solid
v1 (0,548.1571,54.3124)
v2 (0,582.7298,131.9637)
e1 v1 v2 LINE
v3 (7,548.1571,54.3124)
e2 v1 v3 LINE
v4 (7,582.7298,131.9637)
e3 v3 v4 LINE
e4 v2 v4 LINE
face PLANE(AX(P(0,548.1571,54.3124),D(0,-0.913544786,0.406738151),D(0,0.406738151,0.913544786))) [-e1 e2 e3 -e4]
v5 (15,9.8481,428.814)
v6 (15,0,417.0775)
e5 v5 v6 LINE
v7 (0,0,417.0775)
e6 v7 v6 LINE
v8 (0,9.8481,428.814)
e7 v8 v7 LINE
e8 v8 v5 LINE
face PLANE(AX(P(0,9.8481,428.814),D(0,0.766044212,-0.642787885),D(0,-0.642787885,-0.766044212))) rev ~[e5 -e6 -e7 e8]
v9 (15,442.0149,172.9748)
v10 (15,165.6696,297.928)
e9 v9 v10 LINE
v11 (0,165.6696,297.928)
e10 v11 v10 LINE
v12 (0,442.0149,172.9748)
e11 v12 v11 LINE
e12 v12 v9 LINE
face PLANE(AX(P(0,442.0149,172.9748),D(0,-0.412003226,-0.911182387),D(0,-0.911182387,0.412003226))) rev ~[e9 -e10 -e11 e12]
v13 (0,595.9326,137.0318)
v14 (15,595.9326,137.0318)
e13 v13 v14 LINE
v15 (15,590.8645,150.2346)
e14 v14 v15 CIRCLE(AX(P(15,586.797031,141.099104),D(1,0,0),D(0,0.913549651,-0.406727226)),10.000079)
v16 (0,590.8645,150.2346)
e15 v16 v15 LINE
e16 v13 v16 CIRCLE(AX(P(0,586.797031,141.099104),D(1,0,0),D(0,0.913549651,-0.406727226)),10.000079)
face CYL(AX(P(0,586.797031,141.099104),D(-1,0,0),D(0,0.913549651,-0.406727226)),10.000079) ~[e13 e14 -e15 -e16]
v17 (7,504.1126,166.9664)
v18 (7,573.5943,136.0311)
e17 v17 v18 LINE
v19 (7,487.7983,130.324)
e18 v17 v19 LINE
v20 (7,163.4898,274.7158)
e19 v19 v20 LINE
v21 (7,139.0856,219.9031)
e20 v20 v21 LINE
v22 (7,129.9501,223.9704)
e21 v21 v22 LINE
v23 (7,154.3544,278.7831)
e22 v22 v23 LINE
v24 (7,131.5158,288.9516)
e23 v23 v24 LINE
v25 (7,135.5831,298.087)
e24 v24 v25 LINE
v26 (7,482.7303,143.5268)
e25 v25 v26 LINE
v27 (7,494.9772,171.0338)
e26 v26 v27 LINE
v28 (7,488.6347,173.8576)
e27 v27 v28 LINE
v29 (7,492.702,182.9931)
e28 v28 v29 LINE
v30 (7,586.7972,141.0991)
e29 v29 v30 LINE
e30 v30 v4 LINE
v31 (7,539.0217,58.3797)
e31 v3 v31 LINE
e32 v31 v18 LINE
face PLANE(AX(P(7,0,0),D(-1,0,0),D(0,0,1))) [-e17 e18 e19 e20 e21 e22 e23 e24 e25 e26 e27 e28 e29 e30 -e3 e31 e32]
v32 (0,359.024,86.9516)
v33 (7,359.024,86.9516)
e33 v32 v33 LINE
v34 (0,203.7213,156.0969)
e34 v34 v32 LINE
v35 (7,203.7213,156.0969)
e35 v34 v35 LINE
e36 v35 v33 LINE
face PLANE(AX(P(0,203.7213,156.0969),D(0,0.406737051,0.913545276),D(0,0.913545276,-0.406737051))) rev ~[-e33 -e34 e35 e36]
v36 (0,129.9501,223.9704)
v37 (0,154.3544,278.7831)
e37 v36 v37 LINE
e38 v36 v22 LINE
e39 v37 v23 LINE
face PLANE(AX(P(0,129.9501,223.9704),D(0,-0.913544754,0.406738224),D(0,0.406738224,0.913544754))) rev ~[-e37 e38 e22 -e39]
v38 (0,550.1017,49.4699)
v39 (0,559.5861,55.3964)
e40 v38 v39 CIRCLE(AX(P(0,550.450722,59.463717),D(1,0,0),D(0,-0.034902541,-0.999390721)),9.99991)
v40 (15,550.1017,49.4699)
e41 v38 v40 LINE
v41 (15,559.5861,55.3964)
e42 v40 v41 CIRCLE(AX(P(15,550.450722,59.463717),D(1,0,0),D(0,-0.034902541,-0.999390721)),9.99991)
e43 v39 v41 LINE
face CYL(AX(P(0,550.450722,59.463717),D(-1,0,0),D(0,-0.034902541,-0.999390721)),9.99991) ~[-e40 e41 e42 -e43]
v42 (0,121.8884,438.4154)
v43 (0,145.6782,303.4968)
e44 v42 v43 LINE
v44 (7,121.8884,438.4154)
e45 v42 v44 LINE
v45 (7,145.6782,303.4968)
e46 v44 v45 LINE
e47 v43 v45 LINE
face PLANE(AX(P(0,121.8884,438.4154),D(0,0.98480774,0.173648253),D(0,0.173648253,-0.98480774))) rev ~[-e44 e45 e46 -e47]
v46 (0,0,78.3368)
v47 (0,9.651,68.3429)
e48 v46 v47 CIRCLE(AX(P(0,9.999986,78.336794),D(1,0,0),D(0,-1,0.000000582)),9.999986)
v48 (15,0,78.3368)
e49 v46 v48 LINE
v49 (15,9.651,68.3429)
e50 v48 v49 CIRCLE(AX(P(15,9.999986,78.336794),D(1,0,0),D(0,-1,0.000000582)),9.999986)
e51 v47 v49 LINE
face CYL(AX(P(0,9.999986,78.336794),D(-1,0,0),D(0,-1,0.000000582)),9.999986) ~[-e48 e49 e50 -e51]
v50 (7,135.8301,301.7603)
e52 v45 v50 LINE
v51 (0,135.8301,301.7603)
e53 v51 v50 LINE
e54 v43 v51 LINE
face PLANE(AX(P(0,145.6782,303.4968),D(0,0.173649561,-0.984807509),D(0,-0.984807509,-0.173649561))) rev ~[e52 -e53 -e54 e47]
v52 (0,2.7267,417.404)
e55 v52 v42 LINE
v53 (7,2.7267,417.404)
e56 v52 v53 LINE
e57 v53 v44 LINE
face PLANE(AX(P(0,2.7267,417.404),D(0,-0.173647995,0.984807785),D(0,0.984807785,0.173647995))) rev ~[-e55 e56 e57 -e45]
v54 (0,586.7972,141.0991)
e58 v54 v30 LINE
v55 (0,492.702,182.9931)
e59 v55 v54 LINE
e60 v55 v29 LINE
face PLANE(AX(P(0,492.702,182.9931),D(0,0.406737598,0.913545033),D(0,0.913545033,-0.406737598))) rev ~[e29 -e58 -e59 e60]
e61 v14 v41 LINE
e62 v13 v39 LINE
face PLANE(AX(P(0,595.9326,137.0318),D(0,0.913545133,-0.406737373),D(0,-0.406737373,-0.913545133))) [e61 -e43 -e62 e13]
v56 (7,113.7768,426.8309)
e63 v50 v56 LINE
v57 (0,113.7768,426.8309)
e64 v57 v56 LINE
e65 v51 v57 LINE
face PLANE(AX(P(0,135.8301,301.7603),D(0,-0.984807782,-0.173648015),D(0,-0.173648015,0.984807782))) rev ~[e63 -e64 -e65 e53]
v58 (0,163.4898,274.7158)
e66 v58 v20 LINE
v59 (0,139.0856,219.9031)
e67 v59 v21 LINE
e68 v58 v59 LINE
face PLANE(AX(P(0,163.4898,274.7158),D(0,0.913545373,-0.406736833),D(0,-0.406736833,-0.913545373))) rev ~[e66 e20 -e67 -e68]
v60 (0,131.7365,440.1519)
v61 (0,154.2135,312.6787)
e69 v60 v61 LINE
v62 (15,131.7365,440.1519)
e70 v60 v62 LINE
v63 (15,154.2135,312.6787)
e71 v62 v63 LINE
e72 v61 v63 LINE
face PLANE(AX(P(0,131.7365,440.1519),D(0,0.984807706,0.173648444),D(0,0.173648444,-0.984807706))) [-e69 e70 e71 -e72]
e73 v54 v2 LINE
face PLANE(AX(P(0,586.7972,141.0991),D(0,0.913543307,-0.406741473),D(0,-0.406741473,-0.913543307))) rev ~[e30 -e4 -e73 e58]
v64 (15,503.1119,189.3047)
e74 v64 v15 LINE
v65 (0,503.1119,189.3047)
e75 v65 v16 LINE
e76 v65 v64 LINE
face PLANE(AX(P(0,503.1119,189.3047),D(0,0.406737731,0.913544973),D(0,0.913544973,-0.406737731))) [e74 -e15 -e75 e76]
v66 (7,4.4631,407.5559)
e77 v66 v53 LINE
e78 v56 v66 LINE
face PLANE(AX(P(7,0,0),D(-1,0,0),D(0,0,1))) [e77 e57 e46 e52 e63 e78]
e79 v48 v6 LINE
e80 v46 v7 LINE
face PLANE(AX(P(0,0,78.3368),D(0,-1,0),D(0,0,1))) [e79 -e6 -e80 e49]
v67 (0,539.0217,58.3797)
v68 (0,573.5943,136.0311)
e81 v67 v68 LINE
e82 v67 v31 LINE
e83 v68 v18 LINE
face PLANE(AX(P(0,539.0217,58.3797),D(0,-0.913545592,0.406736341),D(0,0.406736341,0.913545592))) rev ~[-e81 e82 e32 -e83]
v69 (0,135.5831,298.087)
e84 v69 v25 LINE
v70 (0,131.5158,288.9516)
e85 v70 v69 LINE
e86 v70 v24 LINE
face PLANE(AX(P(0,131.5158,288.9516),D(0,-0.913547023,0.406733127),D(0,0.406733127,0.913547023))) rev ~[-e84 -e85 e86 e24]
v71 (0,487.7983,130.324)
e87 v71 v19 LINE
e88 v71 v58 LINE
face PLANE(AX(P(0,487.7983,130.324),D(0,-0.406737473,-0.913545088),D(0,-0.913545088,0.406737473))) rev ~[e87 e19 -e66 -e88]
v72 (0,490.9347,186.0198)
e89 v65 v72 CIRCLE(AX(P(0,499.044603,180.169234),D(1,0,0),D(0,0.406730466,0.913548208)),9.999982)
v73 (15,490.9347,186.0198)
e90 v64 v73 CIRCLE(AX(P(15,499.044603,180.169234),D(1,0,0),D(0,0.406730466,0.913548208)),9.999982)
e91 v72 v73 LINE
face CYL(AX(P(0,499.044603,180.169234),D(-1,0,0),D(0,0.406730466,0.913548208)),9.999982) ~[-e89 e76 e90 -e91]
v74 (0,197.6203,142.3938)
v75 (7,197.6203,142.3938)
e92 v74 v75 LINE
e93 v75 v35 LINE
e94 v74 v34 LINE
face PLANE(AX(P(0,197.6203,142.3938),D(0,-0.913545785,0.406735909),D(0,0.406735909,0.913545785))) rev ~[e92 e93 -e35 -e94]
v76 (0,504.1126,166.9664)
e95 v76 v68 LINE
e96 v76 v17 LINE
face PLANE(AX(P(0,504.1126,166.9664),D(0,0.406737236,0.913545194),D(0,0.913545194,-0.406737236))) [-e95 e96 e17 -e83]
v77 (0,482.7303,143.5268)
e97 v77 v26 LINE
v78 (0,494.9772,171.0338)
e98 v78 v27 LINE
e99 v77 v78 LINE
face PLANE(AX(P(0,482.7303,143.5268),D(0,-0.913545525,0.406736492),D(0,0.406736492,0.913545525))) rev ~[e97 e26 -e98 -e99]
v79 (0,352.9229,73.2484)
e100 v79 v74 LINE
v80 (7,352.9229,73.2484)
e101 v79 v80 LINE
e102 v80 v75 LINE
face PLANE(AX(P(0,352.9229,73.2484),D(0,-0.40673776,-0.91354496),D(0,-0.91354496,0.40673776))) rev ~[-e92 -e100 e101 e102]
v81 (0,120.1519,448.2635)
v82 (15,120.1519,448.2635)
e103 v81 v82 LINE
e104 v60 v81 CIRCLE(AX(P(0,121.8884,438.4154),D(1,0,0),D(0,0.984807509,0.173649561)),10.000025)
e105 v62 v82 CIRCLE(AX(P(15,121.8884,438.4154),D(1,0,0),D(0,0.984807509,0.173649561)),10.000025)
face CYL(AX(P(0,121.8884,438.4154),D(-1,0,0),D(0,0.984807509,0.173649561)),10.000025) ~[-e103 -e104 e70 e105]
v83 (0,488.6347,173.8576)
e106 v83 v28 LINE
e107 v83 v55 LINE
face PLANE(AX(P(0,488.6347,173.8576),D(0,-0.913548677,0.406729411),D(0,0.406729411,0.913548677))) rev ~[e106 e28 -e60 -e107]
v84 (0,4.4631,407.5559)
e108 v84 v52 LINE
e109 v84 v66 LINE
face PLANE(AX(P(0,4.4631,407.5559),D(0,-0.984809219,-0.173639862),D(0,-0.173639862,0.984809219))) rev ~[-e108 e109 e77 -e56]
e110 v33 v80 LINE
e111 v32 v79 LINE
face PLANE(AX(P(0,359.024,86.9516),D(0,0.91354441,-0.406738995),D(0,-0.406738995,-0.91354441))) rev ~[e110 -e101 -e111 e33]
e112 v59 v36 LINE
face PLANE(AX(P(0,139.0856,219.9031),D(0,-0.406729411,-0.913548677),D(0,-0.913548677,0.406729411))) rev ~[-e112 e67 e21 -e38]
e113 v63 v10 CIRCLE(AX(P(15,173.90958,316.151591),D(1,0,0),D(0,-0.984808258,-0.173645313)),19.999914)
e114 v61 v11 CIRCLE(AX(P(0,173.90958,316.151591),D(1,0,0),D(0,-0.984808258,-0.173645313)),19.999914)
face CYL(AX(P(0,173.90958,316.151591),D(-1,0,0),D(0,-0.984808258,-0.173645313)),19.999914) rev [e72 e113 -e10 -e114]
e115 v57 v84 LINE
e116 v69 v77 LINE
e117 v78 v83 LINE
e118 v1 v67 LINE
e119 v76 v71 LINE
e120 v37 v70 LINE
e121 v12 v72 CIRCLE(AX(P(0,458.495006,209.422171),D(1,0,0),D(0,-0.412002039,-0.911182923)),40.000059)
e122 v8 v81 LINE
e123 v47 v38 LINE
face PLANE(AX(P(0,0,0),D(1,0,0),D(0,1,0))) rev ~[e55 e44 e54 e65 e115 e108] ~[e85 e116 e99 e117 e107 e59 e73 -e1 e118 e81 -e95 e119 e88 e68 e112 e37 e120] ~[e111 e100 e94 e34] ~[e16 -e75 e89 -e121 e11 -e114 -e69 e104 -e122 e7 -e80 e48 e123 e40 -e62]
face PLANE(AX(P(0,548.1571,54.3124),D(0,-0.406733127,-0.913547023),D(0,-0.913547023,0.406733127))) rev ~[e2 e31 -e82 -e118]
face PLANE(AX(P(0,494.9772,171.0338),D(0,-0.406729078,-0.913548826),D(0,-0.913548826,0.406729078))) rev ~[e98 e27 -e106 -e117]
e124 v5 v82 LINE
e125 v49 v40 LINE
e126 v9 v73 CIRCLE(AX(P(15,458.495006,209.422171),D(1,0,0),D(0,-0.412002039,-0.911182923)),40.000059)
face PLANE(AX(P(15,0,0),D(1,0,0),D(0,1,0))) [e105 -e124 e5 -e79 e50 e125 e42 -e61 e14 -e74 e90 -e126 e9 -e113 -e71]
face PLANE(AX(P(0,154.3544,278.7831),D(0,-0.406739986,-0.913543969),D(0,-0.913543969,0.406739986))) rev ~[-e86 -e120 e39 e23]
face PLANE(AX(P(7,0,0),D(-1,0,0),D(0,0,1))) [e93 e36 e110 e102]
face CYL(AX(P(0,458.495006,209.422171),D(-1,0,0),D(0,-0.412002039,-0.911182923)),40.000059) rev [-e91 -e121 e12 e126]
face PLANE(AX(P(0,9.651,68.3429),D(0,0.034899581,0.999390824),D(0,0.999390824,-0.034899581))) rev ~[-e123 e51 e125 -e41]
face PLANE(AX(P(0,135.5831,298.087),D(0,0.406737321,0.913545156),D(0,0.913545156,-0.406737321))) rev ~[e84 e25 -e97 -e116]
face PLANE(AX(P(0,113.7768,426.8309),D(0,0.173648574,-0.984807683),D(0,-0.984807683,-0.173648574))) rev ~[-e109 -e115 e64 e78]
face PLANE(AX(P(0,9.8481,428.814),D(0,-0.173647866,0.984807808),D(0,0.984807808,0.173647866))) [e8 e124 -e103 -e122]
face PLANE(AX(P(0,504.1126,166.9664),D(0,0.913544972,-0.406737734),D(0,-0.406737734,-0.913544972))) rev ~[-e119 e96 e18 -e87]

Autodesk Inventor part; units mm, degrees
ref_plane "YZ Plane" through (0, 0, 0) normal (1, 0, 0) x (0, 1, 0)
ref_plane "XZ Plane" through (0, 0, 0) normal (0, 1, 0) x (-1, 0, 0)
ref_plane "XY Plane" through (0, 0, 0) normal (0, 0, 1) x (1, 0, 0)
sketch "Sketch1" plane through (0, 0, 0) normal (1, 0, 0) x (0, 1, 0)
  line L0 (9.8481, 428.814) -> (120.1519, 448.2635)
  line L1 (131.7365, 440.1519) -> (154.2135, 312.6787)
  line L2 (0, 78.3368) -> (0, 427.0775)
  line L3 (0, 417.0775) -> (0, 78.3368)
  line L4 (503.1119, 189.3047) -> (590.8645, 150.2346)
  line L5 (595.9326, 137.0318) -> (559.5861, 55.3964)
  line L6 (494.9423, 192.942) -> (494.9423, 192.942)
  line L7 (442.0149, 172.9748) -> (165.6696, 297.928)
  arc A0 (442.0149, 172.9748) -> (490.9347, 186.0198) centre (458.495, 209.4221) ccw
  arc A1 (154.2135, 312.6787) -> (165.6696, 297.928) centre (173.9096, 316.1516) ccw
  arc A2 (131.7365, 440.1519) -> (120.1519, 448.2635) centre (121.8884, 438.4154) ccw
  line L8 (9.8481, 428.814) -> (0, 417.0775)
  arc A3 (595.9326, 137.0318) -> (590.8645, 150.2346) centre (586.7972, 141.0991) ccw
  arc A4 (503.1119, 189.3047) -> (490.9347, 186.0198) centre (499.0446, 180.1692) ccw
  line L9 (9.651, 68.3429) -> (550.1017, 49.4699)
  arc A5 (550.1017, 49.4699) -> (559.5861, 55.3964) centre (550.4507, 59.4638) ccw
  arc A6 (0, 78.3368) -> (9.651, 68.3429) centre (10, 78.3368) ccw
  point P0 (0, 0)
  point P1 (0, 0)
  point P2 (130, 450)
  point P3 (156.0472, 302.2788)
  point P4 (0, 0)
  point P5 (534.922, 0)
  point P6 (600, 146.1672)
  point P7 (478.4622, 156.4947)
  point P8 (0, 427.0775)
  point P9 (537.6655, 6.1619)
  point P10 (0, 417.0775)
  dimension "d0" = 130
  dimension "d1" = 404.922
  dimension "d3" = 150
  dimension "d5" = 115
  dimension "d7" = 10
  dimension "d9" = 40
  dimension "d10" = 40
  dimension "d11" = 20
  dimension "d12" = 10
  dimension "d13" = 10
  dimension "d14" = 10
  dimension "d21" = 10
extrude "Extrusion1" add sketch "Sketch1" along normal blind 15
sketch "Sketch2" plane through (0, 0, 0) normal (-1, 0, 0) x (0, 0, 1)
  point P0 (0, 0)
sketch "Sketch3" plane through (0, 0, 0) normal (-1, 0, 0) x (0, 0, 1)
  line L0 (171.0338, 494.9772) -> (173.8576, 488.6347) projected
  line L1 (166.9664, 504.1126) -> (130.324, 487.7983) projected
  line L2 (130.324, 487.7983) -> (274.7158, 163.4898) projected
  line L3 (274.7158, 163.4898) -> (219.9031, 139.0856) projected
  line L4 (219.9031, 139.0856) -> (223.9704, 129.9501) projected
  line L5 (223.9704, 129.9501) -> (278.7831, 154.3544) projected
  line L6 (278.7831, 154.3544) -> (288.9516, 131.5158) projected
  line L7 (288.9516, 131.5158) -> (298.087, 135.5831) projected
  line L8 (298.087, 135.5831) -> (143.5268, 482.7303) projected
  line L9 (143.5268, 482.7303) -> (171.0338, 494.9772) projected
  line L10 (173.8576, 488.6347) -> (182.9931, 492.702) projected
  line L11 (182.9931, 492.702) -> (141.0991, 586.7972) projected
  line L12 (141.0991, 586.7972) -> (131.9637, 582.7298) projected
  line L13 (301.7603, 135.8301) -> (426.8309, 113.7768) projected
  line L14 (426.8309, 113.7768) -> (407.5559, 4.4631) projected
  line L15 (407.5559, 4.4631) -> (417.404, 2.7267) projected
  line L16 (417.404, 2.7267) -> (438.4154, 121.8884) projected
  line L17 (438.4154, 121.8884) -> (303.4968, 145.6782) projected
  line L18 (303.4968, 145.6782) -> (301.7603, 135.8301) projected
  line L19 (428.814, 9.8481) -> (417.0775, 0) projected
  line L20 (417.0775, 0) -> (78.3368, 0) projected
  line L21 (55.3964, 559.5861) -> (137.0318, 595.9326) projected
  arc A0 (150.2346, 590.8645) -> (137.0318, 595.9326) centre (141.0991, 586.7972) ccw projected
  line L22 (150.2346, 590.8645) -> (189.3047, 503.1119) projected
  arc A1 (186.0198, 490.9347) -> (189.3047, 503.1119) centre (180.1692, 499.0446) ccw projected
  arc A2 (186.0198, 490.9347) -> (172.9748, 442.0149) centre (209.4221, 458.495) ccw projected
  line L23 (172.9748, 442.0149) -> (297.928, 165.6696) projected
  arc A3 (297.928, 165.6696) -> (312.6787, 154.2135) centre (316.1516, 173.9096) ccw projected
  line L24 (312.6787, 154.2135) -> (440.1519, 131.7365) projected
  arc A4 (448.2635, 120.1519) -> (440.1519, 131.7365) centre (438.4154, 121.8884) ccw projected
  line L25 (448.2635, 120.1519) -> (428.814, 9.8481) projected
  line L26 (171.0338, 494.9772) -> (173.8576, 488.6347) projected
  line L27 (166.9664, 504.1126) -> (130.324, 487.7983) projected
  line L28 (130.324, 487.7983) -> (274.7158, 163.4898) projected
  line L29 (274.7158, 163.4898) -> (219.9031, 139.0856) projected
  line L30 (219.9031, 139.0856) -> (223.9704, 129.9501) projected
  line L31 (223.9704, 129.9501) -> (278.7831, 154.3544) projected
  line L32 (278.7831, 154.3544) -> (288.9516, 131.5158) projected
  line L33 (288.9516, 131.5158) -> (298.087, 135.5831) projected
  line L34 (298.087, 135.5831) -> (143.5268, 482.7303) projected
  line L35 (143.5268, 482.7303) -> (171.0338, 494.9772) projected
  line L36 (173.8576, 488.6347) -> (182.9931, 492.702) projected
  line L37 (182.9931, 492.702) -> (141.0991, 586.7972) projected
  line L38 (141.0991, 586.7972) -> (131.9637, 582.7298) projected
  line L39 (301.7603, 135.8301) -> (426.8309, 113.7768) projected
  line L40 (426.8309, 113.7768) -> (407.5559, 4.4631) projected
  line L41 (407.5559, 4.4631) -> (417.404, 2.7267) projected
  line L42 (417.404, 2.7267) -> (438.4154, 121.8884) projected
  line L43 (438.4154, 121.8884) -> (303.4968, 145.6782) projected
  line L44 (303.4968, 145.6782) -> (301.7603, 135.8301) projected
  line L45 (428.814, 9.8481) -> (417.0775, 0) projected
  line L46 (417.0775, 0) -> (78.3368, 0) projected
  line L47 (55.3964, 559.5861) -> (137.0318, 595.9326) projected
  arc A5 (150.2346, 590.8645) -> (137.0318, 595.9326) centre (141.0991, 586.7972) ccw projected
  line L48 (150.2346, 590.8645) -> (189.3047, 503.1119) projected
  arc A6 (186.0198, 490.9347) -> (189.3047, 503.1119) centre (180.1692, 499.0446) ccw projected
  arc A7 (186.0198, 490.9347) -> (172.9748, 442.0149) centre (209.4221, 458.495) ccw projected
  line L49 (172.9748, 442.0149) -> (297.928, 165.6696) projected
  arc A8 (297.928, 165.6696) -> (312.6787, 154.2135) centre (316.1516, 173.9096) ccw projected
  line L50 (312.6787, 154.2135) -> (440.1519, 131.7365) projected
  arc A9 (448.2635, 120.1519) -> (440.1519, 131.7365) centre (438.4154, 121.8884) ccw projected
  line L51 (448.2635, 120.1519) -> (428.814, 9.8481) projected
  line L52 (417.404, 2.7267) -> (438.4154, 121.8884) projected
  line L53 (58.3797, 539.0217) -> (136.0311, 573.5943)
  line L54 (54.3124, 548.1571) -> (141.0991, 586.7972)
  line L55 (136.0311, 573.5943) -> (131.9637, 582.7298)
  line L56 (141.0991, 586.7972) -> (182.9931, 492.702)
  line L57 (182.9931, 492.702) -> (173.8576, 488.6347)
  line L58 (166.9664, 504.1126) -> (136.0311, 573.5943)
  line L59 (166.9664, 504.1126) -> (130.324, 487.7983)
  line L60 (130.324, 487.7983) -> (274.7158, 163.4898)
  line L61 (274.7158, 163.4898) -> (219.9031, 139.0856)
  line L62 (219.9031, 139.0856) -> (223.9704, 129.9501)
  line L63 (223.9704, 129.9501) -> (278.7831, 154.3544)
  line L64 (278.7831, 154.3544) -> (288.9516, 131.5158)
  line L65 (288.9516, 131.5158) -> (298.087, 135.5831)
  line L66 (298.087, 135.5831) -> (143.5268, 482.7303)
  line L67 (143.5268, 482.7303) -> (171.0338, 494.9772)
  line L68 (171.0338, 494.9772) -> (173.8576, 488.6347)
  line L69 (303.4968, 145.6782) -> (301.7603, 135.8301)
  line L70 (301.7603, 135.8301) -> (426.8309, 113.7768)
  line L71 (426.8309, 113.7768) -> (407.5559, 4.4631)
  line L72 (407.5559, 4.4631) -> (417.404, 2.7267)
  line L73 (417.404, 2.7267) -> (438.4154, 121.8884)
  line L74 (438.4154, 121.8884) -> (303.4968, 145.6782)
  line L75 (131.9637, 582.7298) -> (54.3123, 548.1572) projected
  line L76 (54.3123, 548.1572) -> (58.3797, 539.0217) projected
  line L77 (58.3797, 539.0217) -> (136.0311, 573.5943) projected
  line L78 (136.0311, 573.5943) -> (166.9664, 504.1126) projected
  line L79 (68.3429, 9.651) -> (49.4699, 550.1017) projected
  arc A10 (55.3964, 559.5861) -> (49.4699, 550.1017) centre (59.4638, 550.4507) ccw projected
  arc A11 (68.3429, 9.651) -> (78.3368, 0) centre (78.3368, 10) ccw projected
  line L80 (131.9637, 582.7298) -> (54.3123, 548.1572) projected
  line L81 (54.3123, 548.1572) -> (58.3797, 539.0217) projected
  line L82 (58.3797, 539.0217) -> (136.0311, 573.5943) projected
  line L83 (136.0311, 573.5943) -> (166.9664, 504.1126) projected
  line L84 (68.3429, 9.651) -> (49.4699, 550.1017) projected
  arc A12 (55.3964, 559.5861) -> (49.4699, 550.1017) centre (59.4638, 550.4507) ccw projected
  arc A13 (68.3429, 9.651) -> (78.3368, 0) centre (78.3368, 10) ccw projected
  line L85 (54.3123, 548.1572) -> (58.3797, 539.0217)
  line L86 (73.2484, 352.9229) -> (142.3938, 197.6203) projected
  line L87 (142.3938, 197.6203) -> (156.0969, 203.7213) projected
  line L88 (156.0969, 203.7213) -> (86.9516, 359.024) projected
  line L89 (86.9516, 359.024) -> (73.2484, 352.9229) projected
  line L90 (73.2484, 352.9229) -> (142.3938, 197.6203) projected
  line L91 (142.3938, 197.6203) -> (156.0969, 203.7213) projected
  line L92 (156.0969, 203.7213) -> (86.9516, 359.024) projected
  line L93 (86.9516, 359.024) -> (73.2484, 352.9229) projected
  line L94 (86.9516, 359.024) -> (156.0969, 203.7213)
  line L95 (142.3938, 197.6203) -> (156.0969, 203.7213)
  line L96 (142.3938, 197.6203) -> (73.2484, 352.9229)
  line L97 (73.2484, 352.9229) -> (86.9516, 359.024)
  point P0 (0, 0)
  point P1 (131.9642, 582.73)
extrude "Extrusion2" cut sketch "Sketch3" against normal blind 7 contours L9 L8 L7 L6 L5 L4 L3 L2 L1 L58 L55 L12 L11 L10 L0 | L55 L53 L76 L54 | L18 L17 L16 L15 L14 L13 | L89 L88 L87 L86
equation "\"d14\" = d13"
properties part number "Arcade_Right"
